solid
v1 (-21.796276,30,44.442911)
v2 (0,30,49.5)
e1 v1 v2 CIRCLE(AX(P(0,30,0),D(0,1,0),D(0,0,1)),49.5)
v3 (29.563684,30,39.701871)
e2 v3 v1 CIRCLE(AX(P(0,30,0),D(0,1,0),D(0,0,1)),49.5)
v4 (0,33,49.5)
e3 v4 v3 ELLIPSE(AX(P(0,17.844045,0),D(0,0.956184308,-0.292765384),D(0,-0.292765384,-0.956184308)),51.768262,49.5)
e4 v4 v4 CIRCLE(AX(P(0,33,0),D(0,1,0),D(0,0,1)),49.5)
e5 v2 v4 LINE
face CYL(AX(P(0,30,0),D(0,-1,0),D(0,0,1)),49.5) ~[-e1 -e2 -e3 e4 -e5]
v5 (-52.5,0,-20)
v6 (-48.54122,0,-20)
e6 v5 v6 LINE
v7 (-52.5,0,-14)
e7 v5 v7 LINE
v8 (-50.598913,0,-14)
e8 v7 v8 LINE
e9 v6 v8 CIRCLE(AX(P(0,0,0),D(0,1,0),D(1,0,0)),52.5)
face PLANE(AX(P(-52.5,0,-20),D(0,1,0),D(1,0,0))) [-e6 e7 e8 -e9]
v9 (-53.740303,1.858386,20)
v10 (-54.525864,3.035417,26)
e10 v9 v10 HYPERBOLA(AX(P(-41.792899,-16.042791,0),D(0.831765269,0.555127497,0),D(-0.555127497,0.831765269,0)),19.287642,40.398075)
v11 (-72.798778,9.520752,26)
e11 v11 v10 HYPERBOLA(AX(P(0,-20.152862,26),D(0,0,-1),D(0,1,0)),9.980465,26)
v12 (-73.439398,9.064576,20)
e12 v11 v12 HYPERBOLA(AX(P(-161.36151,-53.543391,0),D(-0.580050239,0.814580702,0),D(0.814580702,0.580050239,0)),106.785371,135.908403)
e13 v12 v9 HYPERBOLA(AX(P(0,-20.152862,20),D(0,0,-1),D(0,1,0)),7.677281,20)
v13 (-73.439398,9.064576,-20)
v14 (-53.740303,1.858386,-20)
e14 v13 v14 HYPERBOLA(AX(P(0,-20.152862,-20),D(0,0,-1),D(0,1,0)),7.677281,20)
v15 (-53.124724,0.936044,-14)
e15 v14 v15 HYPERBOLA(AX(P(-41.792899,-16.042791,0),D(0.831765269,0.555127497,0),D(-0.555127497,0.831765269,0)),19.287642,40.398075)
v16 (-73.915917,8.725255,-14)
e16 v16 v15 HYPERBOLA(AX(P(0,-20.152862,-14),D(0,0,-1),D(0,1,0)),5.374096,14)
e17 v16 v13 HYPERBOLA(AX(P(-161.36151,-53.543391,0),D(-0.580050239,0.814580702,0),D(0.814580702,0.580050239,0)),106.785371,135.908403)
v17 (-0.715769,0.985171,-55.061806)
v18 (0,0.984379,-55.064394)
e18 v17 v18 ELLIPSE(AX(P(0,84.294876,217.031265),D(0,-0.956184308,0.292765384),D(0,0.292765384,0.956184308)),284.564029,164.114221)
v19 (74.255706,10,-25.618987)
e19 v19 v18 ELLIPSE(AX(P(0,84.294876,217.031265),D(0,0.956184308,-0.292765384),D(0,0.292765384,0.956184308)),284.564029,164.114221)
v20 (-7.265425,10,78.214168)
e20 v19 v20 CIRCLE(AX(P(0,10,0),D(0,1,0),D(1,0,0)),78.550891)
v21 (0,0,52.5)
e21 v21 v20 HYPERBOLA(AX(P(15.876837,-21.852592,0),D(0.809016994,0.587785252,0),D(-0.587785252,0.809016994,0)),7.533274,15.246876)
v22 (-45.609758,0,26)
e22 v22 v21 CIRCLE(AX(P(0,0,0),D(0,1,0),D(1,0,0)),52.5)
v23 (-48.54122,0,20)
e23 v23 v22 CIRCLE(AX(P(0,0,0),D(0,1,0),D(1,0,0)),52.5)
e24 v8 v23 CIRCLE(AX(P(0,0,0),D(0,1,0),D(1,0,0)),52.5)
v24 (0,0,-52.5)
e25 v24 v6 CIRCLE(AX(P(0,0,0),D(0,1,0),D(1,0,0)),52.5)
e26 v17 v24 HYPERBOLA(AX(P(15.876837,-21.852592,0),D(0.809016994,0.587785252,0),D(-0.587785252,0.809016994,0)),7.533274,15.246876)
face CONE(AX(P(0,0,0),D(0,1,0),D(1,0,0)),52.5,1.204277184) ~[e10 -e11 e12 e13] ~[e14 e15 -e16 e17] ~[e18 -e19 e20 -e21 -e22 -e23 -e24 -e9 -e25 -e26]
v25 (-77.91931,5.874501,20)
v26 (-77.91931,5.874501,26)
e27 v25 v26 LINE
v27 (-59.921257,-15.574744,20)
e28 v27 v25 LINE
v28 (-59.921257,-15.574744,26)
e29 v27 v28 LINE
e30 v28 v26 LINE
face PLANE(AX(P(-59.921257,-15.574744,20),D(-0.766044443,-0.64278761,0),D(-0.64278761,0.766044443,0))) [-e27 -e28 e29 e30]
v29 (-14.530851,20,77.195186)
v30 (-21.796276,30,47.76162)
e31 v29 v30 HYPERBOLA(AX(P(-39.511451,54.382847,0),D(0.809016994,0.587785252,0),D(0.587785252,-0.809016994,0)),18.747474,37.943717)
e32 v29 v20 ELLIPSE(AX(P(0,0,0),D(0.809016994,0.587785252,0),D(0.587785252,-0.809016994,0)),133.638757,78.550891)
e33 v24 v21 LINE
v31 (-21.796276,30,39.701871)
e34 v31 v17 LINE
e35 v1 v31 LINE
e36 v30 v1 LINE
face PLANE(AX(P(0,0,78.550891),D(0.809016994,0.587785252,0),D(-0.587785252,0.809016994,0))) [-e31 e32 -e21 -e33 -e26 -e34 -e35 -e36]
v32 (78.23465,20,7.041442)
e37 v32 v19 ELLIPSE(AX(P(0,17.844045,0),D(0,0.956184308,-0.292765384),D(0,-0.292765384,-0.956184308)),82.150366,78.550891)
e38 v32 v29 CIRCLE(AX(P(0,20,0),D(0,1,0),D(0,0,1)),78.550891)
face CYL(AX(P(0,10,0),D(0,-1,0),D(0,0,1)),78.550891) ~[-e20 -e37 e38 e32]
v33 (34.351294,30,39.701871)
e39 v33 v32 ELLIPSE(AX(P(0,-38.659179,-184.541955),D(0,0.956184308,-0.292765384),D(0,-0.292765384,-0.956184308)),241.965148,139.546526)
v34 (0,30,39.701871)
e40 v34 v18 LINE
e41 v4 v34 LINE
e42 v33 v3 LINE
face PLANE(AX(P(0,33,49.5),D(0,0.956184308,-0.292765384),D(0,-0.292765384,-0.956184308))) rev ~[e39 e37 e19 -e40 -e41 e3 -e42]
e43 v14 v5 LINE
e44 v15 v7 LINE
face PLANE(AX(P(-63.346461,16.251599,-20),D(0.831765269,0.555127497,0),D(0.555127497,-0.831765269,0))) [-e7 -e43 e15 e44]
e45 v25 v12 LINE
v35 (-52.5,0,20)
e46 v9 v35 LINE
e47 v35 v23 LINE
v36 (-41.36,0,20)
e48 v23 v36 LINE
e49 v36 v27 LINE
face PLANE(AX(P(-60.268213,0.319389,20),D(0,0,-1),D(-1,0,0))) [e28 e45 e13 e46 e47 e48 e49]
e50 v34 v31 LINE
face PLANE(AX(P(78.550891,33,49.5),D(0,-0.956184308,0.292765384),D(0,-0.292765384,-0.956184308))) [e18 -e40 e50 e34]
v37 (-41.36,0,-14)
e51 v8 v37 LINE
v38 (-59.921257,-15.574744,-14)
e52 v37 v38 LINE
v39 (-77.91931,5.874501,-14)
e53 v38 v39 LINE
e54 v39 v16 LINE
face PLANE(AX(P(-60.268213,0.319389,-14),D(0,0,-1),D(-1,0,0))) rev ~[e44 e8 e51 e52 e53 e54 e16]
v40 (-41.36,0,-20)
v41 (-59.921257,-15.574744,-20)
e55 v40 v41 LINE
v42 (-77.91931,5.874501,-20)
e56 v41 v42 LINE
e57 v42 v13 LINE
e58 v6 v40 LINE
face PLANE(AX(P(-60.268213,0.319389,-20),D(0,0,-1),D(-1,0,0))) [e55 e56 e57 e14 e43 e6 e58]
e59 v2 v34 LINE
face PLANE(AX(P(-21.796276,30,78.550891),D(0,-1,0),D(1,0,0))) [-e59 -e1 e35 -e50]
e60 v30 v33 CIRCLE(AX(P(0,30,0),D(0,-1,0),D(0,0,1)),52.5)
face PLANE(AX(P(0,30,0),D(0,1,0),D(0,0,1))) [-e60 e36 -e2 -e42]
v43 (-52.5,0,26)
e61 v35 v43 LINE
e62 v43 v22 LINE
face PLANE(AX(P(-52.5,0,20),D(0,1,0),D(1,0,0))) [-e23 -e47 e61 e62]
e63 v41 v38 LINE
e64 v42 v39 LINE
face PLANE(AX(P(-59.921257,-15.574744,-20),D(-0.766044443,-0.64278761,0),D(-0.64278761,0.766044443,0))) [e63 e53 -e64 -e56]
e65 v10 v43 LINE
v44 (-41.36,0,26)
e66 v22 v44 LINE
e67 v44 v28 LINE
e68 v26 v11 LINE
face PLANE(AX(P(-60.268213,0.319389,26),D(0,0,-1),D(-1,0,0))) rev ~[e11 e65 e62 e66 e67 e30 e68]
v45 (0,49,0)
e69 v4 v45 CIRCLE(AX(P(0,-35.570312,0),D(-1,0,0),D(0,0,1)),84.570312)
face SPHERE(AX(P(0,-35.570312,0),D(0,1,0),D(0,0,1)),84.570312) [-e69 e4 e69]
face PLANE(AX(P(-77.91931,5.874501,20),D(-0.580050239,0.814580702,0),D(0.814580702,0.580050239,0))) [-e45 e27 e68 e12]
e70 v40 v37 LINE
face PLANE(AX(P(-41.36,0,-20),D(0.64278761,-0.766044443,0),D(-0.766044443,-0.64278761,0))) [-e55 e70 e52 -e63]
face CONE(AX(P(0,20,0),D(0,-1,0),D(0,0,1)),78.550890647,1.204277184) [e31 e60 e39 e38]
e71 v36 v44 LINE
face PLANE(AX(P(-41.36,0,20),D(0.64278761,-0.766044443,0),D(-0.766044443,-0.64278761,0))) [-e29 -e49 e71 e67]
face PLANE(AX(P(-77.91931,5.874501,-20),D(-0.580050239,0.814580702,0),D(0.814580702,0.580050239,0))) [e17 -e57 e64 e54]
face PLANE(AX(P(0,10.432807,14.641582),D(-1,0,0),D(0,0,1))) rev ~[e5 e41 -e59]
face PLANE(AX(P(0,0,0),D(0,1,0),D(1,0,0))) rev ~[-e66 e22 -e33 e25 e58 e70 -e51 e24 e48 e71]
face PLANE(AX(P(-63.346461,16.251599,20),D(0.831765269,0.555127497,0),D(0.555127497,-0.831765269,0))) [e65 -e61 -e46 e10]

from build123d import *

# Parameters (mm, degrees)
CROQUIS1_R              = 52.5
SALIENTE_EXTRUIR1_DEPTH = 10
SALIENTE_EXTRUIR1_DRAFT = -69
CROQUIS2_R              = 78.550890647
SALIENTE_EXTRUIR2_DEPTH = 10
CROQUIS3_R              = 78.550890647
SALIENTE_EXTRUIR3_DEPTH = 10
SALIENTE_EXTRUIR3_TAPER = 69
CROQUIS4_R              = 49.5
SALIENTE_EXTRUIR4_DEPTH = 3
C_PULA1_FACE_RADIUS     = 49.5
C_PULA1_HEIGHT          = 16
CORTAR_EXTRUIR1_DEPTH   = 122.414516736
CORTAR_EXTRUIR3_REACH   = 184.352
SALIENTE_EXTRUIR5_DEPTH = 6
MATRIZL1_COUNT          = 2
MATRIZL1_PITCH          = 40


with BuildPart() as part:
    # Croquis1 → Saliente-Extruir1 (with draft: the straight prism first)
    with BuildSketch(Plane(origin=(0, 0, 0), x_dir=(1, 0, 0), z_dir=(0, 1, 0))):
        Circle(CROQUIS1_R)
    extrude(amount=SALIENTE_EXTRUIR1_DEPTH)
    # Saliente-Extruir1: the draft: its side faces are tilted about the plane it starts from
    saliente_extruir1_sides = [part.faces().sort_by_distance(p)[0] for p in [
        (-52.5, 5, 0),
    ]]
    draft(saliente_extruir1_sides, Plane(origin=(0, 0, 0), x_dir=(1, 0, 0), z_dir=(0, 1, 0)), SALIENTE_EXTRUIR1_DRAFT)

    # Croquis2 → Saliente-Extruir2 (add)
    with BuildSketch(Plane(origin=(0, 10, 0), x_dir=(1, 0, 0), z_dir=(0, 1, 0))):
        with Locations(Location((0, 0, 0), (0, 0, 270))):
            Circle(CROQUIS2_R)
    extrude(amount=SALIENTE_EXTRUIR2_DEPTH)

    # Croquis3 → Saliente-Extruir3 (add)
    with BuildSketch(Plane(origin=(0, 20, 0), x_dir=(1, 0, 0), z_dir=(0, 1, 0))):
        with Locations(Location((0, 0, 0), (0, 0, 270))):
            Circle(CROQUIS3_R)
    extrude(amount=SALIENTE_EXTRUIR3_DEPTH, taper=SALIENTE_EXTRUIR3_TAPER)

    # Croquis4 → Saliente-Extruir4 (add)
    with BuildSketch(Plane(origin=(0, 30, 0), x_dir=(1, 0, 0), z_dir=(0, 1, 0))):
        with Locations(Location((0, 0, 0), (0, 0, 270))):
            Circle(CROQUIS4_R)
    extrude(amount=SALIENTE_EXTRUIR4_DEPTH)

    # Cúpula1: a dome of height H over a round flat face of radius A is a cap of a sphere of radius (A * A + H * H) / (2 * H)
    c_pula1_r = (C_PULA1_FACE_RADIUS * C_PULA1_FACE_RADIUS + C_PULA1_HEIGHT * C_PULA1_HEIGHT) / (2 * C_PULA1_HEIGHT)
    c_pula1_base = Plane((0, 33, 0), z_dir=(0, 1, 0))
    with Locations(c_pula1_base.offset(C_PULA1_HEIGHT - c_pula1_r)):
        c_pula1_ball = Sphere(c_pula1_r, mode=Mode.PRIVATE)
    add(split(c_pula1_ball, bisect_by=c_pula1_base, keep=Keep.TOP, mode=Mode.PRIVATE))

    # Croquis6 → Cortar-Extruir1 (cut, through all)
    with BuildSketch(Plane(origin=(0, 0, 0), x_dir=(0, 0, -1), z_dir=(1, 0, 0))):
        Polygon((-49.5, 33), (55.064393683, 0.984378507), (52.5, 0), (-52.5, 0), (-78.550890647, 10), (-78.550890647, 20), align=None)
    extrude(amount=CORTAR_EXTRUIR1_DEPTH, mode=Mode.SUBTRACT)

    # Cortar-Extruir3: up to this plane
    cortar_extruir3_end = Plane(origin=(78.550890647, 33, 49.5), z_dir=(0, -0.9561843075173418, 0.2927653839810668))
    # Croquis9 → Cortar-Extruir3 (cut, up to the surface)
    with BuildSketch(Plane.XY.offset(78.550890647), mode=Mode.PRIVATE) as cortar_extruir3_sk1:
        Polygon((0, 0), (-21.79627584, 30), (0, 30), align=None)
    cortar_extruir3_tool1 = split(extrude(cortar_extruir3_sk1.sketch, amount=-CORTAR_EXTRUIR3_REACH, mode=Mode.PRIVATE), bisect_by=cortar_extruir3_end, keep=Keep.BOTH, mode=Mode.PRIVATE)
    add(cortar_extruir3_tool1.solids().sort_by_distance((-7.265425, 20, 78.550891))[0], mode=Mode.SUBTRACT)

    # Croquis11 → Saliente-Extruir5 (add)
    with BuildSketch(Plane.XY.offset(20)):
        Polygon((-63.346461172, 16.251599406), (-52.5, 0), (-41.36, 0), (-59.921256857, -15.574743783), (-77.919309928, 5.874500625), align=None)
    saliente_extruir5 = extrude(amount=SALIENTE_EXTRUIR5_DEPTH)

    # MatrizL1: Saliente-Extruir5 ×2
    with Locations(*[(0, 0, -i * MATRIZL1_PITCH) for i in range(1, MATRIZL1_COUNT)]):
        add(saliente_extruir5)


solid = part.part
